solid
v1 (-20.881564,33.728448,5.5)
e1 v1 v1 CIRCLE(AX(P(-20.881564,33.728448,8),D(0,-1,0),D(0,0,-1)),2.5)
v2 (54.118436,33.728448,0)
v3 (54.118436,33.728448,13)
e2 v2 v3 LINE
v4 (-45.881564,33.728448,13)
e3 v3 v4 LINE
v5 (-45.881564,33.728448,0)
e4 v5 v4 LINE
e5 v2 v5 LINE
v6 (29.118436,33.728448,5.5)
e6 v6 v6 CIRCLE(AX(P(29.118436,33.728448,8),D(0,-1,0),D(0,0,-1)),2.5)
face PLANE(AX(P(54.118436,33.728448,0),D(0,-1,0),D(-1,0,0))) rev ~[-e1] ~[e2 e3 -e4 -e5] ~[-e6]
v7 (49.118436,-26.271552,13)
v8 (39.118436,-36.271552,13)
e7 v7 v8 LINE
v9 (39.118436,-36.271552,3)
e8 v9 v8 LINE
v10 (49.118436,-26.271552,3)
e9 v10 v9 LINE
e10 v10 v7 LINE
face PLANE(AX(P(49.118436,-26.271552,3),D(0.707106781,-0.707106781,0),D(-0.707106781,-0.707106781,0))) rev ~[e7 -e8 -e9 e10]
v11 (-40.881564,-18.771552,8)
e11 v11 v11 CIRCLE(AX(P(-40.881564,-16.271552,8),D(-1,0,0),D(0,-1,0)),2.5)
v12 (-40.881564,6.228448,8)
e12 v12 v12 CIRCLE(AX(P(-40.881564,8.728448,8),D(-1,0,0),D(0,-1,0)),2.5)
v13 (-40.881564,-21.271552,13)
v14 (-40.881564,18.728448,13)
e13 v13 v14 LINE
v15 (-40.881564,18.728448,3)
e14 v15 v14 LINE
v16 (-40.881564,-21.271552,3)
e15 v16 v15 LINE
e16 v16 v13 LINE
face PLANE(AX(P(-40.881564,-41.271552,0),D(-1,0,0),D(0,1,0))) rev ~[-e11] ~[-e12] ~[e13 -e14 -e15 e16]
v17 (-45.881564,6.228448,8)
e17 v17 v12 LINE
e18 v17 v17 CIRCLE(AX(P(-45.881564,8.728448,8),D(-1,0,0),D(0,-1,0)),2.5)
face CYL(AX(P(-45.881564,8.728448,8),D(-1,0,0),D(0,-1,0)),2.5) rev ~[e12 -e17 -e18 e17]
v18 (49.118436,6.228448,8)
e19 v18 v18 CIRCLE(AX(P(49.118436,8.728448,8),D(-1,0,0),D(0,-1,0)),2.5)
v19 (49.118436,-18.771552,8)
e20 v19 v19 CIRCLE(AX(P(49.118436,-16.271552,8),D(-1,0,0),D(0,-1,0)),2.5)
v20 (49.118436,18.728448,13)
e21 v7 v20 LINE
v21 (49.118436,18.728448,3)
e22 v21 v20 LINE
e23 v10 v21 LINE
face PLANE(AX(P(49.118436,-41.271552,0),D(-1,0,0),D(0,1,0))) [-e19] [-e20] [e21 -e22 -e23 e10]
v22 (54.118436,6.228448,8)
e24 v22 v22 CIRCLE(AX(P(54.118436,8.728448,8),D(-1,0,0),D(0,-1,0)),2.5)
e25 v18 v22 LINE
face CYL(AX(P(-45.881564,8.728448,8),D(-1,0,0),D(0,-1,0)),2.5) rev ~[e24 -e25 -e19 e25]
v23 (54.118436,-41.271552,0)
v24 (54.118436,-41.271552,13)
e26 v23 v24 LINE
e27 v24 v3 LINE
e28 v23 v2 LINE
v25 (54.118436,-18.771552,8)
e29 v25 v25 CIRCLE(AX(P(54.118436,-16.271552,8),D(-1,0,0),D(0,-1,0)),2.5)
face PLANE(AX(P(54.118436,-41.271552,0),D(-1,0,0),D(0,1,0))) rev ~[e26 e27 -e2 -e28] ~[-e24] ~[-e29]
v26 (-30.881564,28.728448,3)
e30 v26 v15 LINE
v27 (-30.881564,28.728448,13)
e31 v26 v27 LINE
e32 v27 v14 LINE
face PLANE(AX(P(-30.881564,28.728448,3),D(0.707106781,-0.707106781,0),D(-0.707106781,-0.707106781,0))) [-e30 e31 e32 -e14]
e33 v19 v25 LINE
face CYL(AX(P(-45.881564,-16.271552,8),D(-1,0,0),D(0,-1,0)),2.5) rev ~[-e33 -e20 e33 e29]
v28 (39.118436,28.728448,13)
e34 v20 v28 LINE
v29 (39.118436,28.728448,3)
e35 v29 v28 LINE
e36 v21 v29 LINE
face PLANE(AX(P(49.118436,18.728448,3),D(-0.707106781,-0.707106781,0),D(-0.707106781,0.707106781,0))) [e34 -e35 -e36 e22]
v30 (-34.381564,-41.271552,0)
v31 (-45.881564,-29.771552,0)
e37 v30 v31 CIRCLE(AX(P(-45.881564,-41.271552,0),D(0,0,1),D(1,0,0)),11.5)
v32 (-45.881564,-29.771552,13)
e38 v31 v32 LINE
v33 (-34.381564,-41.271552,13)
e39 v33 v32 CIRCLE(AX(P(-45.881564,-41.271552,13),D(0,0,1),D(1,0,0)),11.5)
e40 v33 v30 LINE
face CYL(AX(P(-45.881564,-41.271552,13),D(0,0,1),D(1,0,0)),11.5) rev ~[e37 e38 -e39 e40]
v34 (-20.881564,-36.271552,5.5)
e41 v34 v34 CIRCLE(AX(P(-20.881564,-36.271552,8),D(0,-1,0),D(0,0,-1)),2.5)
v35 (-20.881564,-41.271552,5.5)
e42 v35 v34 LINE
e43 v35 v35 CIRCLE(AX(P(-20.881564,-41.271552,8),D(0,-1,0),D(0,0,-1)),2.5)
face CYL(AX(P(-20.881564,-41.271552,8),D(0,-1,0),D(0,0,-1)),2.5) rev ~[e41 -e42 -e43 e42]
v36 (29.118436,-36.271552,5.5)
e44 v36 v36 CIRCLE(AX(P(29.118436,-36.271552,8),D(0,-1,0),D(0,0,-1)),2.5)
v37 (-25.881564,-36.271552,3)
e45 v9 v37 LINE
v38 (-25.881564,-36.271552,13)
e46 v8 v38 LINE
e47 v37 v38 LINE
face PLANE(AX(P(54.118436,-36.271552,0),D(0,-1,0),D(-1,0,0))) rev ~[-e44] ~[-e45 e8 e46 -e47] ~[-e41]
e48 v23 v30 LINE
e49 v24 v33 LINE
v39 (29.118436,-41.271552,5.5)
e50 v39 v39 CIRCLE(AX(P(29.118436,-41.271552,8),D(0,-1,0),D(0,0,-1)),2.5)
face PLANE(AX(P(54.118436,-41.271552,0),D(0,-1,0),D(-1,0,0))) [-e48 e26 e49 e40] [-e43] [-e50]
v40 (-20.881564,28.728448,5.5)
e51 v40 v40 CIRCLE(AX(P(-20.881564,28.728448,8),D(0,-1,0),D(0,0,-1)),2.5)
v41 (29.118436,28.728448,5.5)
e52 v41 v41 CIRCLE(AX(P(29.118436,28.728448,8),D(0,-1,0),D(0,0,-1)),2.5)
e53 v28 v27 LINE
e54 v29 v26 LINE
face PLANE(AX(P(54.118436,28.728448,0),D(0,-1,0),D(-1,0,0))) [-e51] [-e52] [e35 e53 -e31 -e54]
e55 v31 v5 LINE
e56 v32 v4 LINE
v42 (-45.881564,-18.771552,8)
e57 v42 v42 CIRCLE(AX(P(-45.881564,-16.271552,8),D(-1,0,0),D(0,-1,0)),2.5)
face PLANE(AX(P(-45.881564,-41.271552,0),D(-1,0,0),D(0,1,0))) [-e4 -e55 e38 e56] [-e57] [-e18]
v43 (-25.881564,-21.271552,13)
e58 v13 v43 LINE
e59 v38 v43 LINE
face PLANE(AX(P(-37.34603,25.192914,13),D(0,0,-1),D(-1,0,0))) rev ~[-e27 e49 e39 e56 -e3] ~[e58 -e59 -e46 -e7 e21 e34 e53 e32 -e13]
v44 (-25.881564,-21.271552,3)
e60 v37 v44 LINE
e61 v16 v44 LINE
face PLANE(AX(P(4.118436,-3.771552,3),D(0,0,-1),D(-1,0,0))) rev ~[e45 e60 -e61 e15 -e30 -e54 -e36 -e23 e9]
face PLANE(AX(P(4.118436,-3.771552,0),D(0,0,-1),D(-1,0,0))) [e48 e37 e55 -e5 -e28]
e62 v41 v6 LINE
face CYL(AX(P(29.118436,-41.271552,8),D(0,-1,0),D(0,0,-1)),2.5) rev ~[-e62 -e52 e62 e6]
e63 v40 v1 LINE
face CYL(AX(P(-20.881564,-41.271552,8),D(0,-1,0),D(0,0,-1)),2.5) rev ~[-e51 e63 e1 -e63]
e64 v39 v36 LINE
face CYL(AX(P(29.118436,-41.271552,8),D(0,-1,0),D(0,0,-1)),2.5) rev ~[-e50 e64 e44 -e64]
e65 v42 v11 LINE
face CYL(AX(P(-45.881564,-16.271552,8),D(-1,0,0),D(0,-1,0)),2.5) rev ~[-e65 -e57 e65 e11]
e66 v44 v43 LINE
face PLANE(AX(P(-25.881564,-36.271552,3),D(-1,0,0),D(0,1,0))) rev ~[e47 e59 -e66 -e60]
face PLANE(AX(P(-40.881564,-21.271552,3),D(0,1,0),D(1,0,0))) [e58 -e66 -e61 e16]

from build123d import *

# Parameters (mm, degrees)
BOSS_EXTRU_1_DEPTH        = 13
COQUE1_T                  = -5
COQUE1_THICKNESS_2_FACE_W = 90
COQUE1_THICKNESS_2_FACE_H = 65
COQUE1_THICKNESS_2_DEPTH  = 2
ENL_V_MAT_EXTRU_1_REACH   = 110.96
ESQUISSE2_R               = 2.5
ENL_V_MAT_EXTRU_2_REACH   = 95.396
ESQUISSE3_R               = 2.5
ESQUISSE4_W               = 15
ESQUISSE4_H               = 15
BOSS_EXTRU_2_DEPTH        = 10
ESQUISSE6_R               = 11.5
ENL_V_MAT_EXTRU_4_DEPTH   = 13


with BuildPart() as part:
    # Esquisse1 → Boss.-Extru.1 (new body)
    with BuildSketch(Plane.XY):
        Polygon((44.118436308, 33.728448276), (54.118436308, 33.728448276), (54.118436308, 23.728448276), (54.118436308, -41.271551724), (-45.881563692, -41.271551724), (-45.881563692, 33.728448276), align=None)
    extrude(amount=BOSS_EXTRU_1_DEPTH)

    # Coque1
    coque1_openings = [part.faces().sort_by_distance(p)[0] for p in [
        (4.118436308, -3.771551724, 13),
    ]]
    offset(amount=COQUE1_T, openings=coque1_openings, kind=Kind.INTERSECTION)

    # Coque1 thickness 2 face (on inner face of the shell) → Coque1 thickness 2 (cut)
    with BuildSketch(Plane(origin=(4.118436308, -3.771551724, 5), x_dir=(-1, 0, 0), z_dir=(0, 0, -1))):
        Rectangle(COQUE1_THICKNESS_2_FACE_W, COQUE1_THICKNESS_2_FACE_H)
    extrude(amount=COQUE1_THICKNESS_2_DEPTH, mode=Mode.SUBTRACT)

    # Enlèv. mat.-Extru.1: up to this face of the body (flat: up to its plane)
    enl_v_mat_extru_1_end = Plane(part.part.faces().sort_by_distance((54.118436308, -3.771551724, 6.5))[0])
    # Esquisse2 → Enlèv. mat.-Extru.1 (cut, up to the picked face)
    with BuildSketch(Plane.ZY.offset(45.881563692), mode=Mode.PRIVATE) as enl_v_mat_extru_1_sk1:
        with Locations(Location((8, -16.271551724, 0), (0, 0, 270))):
            Circle(ESQUISSE2_R)
    enl_v_mat_extru_1_tool1 = split(extrude(enl_v_mat_extru_1_sk1.sketch, amount=-ENL_V_MAT_EXTRU_1_REACH, mode=Mode.PRIVATE), bisect_by=enl_v_mat_extru_1_end, keep=Keep.BOTH, mode=Mode.PRIVATE)
    # Esquisse2 → Enlèv. mat.-Extru.1 (cut, up to the picked face)
    with BuildSketch(Plane.ZY.offset(45.881563692), mode=Mode.PRIVATE) as enl_v_mat_extru_1_sk2:
        with Locations(Location((8, 8.728448276, 0), (0, 0, 270))):
            Circle(ESQUISSE2_R)
    enl_v_mat_extru_1_tool2 = split(extrude(enl_v_mat_extru_1_sk2.sketch, amount=-ENL_V_MAT_EXTRU_1_REACH, mode=Mode.PRIVATE), bisect_by=enl_v_mat_extru_1_end, keep=Keep.BOTH, mode=Mode.PRIVATE)
    add(enl_v_mat_extru_1_tool1.solids().sort_by(Axis((-45.881564, -16.271552, 8), (1, 0, 0)))[0], mode=Mode.SUBTRACT)
    add(enl_v_mat_extru_1_tool2.solids().sort_by(Axis((-45.881564, 8.728448, 8), (1, 0, 0)))[0], mode=Mode.SUBTRACT)

    # Enlèv. mat.-Extru.2: up to this face of the body (flat: up to its plane)
    enl_v_mat_extru_2_end = Plane(part.part.faces().sort_by_distance((4.118436308, 33.728448276, 6.5))[0])
    # Esquisse3 → Enlèv. mat.-Extru.2 (cut, up to the picked face)
    with BuildSketch(Plane.XZ.offset(41.271551724), mode=Mode.PRIVATE) as enl_v_mat_extru_2_sk1:
        with Locations(Location((-20.881563692, 8, 0), (0, 0, 270))):
            Circle(ESQUISSE3_R)
    enl_v_mat_extru_2_tool1 = split(extrude(enl_v_mat_extru_2_sk1.sketch, amount=-ENL_V_MAT_EXTRU_2_REACH, mode=Mode.PRIVATE), bisect_by=enl_v_mat_extru_2_end, keep=Keep.BOTH, mode=Mode.PRIVATE)
    # Esquisse3 → Enlèv. mat.-Extru.2 (cut, up to the picked face)
    with BuildSketch(Plane.XZ.offset(41.271551724), mode=Mode.PRIVATE) as enl_v_mat_extru_2_sk2:
        with Locations(Location((29.118436308, 8, 0), (0, 0, 270))):
            Circle(ESQUISSE3_R)
    enl_v_mat_extru_2_tool2 = split(extrude(enl_v_mat_extru_2_sk2.sketch, amount=-ENL_V_MAT_EXTRU_2_REACH, mode=Mode.PRIVATE), bisect_by=enl_v_mat_extru_2_end, keep=Keep.BOTH, mode=Mode.PRIVATE)
    add(enl_v_mat_extru_2_tool1.solids().sort_by(Axis((-20.881564, -41.271552, 8), (0, 1, 0)))[0], mode=Mode.SUBTRACT)
    add(enl_v_mat_extru_2_tool2.solids().sort_by(Axis((29.118436, -41.271552, 8), (0, 1, 0)))[0], mode=Mode.SUBTRACT)

    # Esquisse4 → Boss.-Extru.2 (add)
    with BuildSketch(Plane.XY.offset(3)):
        Polygon((-30.881563692, 28.728448276), (-40.881563692, 18.728448276), (-40.881563692, 28.728448276), align=None)
        Polygon((49.118436308, 28.728448276), (49.118436308, 18.728448276), (39.118436308, 28.728448276), align=None)
        Polygon((49.118436308, -36.271551724), (49.118436308, -26.271551724), (39.118436308, -36.271551724), align=None)
        with Locations((-33.381563692, -28.771551724)):
            Rectangle(ESQUISSE4_W, ESQUISSE4_H)
    extrude(amount=BOSS_EXTRU_2_DEPTH)

    # Esquisse6 → Enlèv. mat.-Extru.4 (cut)
    with BuildSketch(Plane.XY.offset(13)):
        with Locations((-45.881563692, -41.271551724)):
            Circle(ESQUISSE6_R)
    extrude(amount=-ENL_V_MAT_EXTRU_4_DEPTH, mode=Mode.SUBTRACT)


solid = part.part
